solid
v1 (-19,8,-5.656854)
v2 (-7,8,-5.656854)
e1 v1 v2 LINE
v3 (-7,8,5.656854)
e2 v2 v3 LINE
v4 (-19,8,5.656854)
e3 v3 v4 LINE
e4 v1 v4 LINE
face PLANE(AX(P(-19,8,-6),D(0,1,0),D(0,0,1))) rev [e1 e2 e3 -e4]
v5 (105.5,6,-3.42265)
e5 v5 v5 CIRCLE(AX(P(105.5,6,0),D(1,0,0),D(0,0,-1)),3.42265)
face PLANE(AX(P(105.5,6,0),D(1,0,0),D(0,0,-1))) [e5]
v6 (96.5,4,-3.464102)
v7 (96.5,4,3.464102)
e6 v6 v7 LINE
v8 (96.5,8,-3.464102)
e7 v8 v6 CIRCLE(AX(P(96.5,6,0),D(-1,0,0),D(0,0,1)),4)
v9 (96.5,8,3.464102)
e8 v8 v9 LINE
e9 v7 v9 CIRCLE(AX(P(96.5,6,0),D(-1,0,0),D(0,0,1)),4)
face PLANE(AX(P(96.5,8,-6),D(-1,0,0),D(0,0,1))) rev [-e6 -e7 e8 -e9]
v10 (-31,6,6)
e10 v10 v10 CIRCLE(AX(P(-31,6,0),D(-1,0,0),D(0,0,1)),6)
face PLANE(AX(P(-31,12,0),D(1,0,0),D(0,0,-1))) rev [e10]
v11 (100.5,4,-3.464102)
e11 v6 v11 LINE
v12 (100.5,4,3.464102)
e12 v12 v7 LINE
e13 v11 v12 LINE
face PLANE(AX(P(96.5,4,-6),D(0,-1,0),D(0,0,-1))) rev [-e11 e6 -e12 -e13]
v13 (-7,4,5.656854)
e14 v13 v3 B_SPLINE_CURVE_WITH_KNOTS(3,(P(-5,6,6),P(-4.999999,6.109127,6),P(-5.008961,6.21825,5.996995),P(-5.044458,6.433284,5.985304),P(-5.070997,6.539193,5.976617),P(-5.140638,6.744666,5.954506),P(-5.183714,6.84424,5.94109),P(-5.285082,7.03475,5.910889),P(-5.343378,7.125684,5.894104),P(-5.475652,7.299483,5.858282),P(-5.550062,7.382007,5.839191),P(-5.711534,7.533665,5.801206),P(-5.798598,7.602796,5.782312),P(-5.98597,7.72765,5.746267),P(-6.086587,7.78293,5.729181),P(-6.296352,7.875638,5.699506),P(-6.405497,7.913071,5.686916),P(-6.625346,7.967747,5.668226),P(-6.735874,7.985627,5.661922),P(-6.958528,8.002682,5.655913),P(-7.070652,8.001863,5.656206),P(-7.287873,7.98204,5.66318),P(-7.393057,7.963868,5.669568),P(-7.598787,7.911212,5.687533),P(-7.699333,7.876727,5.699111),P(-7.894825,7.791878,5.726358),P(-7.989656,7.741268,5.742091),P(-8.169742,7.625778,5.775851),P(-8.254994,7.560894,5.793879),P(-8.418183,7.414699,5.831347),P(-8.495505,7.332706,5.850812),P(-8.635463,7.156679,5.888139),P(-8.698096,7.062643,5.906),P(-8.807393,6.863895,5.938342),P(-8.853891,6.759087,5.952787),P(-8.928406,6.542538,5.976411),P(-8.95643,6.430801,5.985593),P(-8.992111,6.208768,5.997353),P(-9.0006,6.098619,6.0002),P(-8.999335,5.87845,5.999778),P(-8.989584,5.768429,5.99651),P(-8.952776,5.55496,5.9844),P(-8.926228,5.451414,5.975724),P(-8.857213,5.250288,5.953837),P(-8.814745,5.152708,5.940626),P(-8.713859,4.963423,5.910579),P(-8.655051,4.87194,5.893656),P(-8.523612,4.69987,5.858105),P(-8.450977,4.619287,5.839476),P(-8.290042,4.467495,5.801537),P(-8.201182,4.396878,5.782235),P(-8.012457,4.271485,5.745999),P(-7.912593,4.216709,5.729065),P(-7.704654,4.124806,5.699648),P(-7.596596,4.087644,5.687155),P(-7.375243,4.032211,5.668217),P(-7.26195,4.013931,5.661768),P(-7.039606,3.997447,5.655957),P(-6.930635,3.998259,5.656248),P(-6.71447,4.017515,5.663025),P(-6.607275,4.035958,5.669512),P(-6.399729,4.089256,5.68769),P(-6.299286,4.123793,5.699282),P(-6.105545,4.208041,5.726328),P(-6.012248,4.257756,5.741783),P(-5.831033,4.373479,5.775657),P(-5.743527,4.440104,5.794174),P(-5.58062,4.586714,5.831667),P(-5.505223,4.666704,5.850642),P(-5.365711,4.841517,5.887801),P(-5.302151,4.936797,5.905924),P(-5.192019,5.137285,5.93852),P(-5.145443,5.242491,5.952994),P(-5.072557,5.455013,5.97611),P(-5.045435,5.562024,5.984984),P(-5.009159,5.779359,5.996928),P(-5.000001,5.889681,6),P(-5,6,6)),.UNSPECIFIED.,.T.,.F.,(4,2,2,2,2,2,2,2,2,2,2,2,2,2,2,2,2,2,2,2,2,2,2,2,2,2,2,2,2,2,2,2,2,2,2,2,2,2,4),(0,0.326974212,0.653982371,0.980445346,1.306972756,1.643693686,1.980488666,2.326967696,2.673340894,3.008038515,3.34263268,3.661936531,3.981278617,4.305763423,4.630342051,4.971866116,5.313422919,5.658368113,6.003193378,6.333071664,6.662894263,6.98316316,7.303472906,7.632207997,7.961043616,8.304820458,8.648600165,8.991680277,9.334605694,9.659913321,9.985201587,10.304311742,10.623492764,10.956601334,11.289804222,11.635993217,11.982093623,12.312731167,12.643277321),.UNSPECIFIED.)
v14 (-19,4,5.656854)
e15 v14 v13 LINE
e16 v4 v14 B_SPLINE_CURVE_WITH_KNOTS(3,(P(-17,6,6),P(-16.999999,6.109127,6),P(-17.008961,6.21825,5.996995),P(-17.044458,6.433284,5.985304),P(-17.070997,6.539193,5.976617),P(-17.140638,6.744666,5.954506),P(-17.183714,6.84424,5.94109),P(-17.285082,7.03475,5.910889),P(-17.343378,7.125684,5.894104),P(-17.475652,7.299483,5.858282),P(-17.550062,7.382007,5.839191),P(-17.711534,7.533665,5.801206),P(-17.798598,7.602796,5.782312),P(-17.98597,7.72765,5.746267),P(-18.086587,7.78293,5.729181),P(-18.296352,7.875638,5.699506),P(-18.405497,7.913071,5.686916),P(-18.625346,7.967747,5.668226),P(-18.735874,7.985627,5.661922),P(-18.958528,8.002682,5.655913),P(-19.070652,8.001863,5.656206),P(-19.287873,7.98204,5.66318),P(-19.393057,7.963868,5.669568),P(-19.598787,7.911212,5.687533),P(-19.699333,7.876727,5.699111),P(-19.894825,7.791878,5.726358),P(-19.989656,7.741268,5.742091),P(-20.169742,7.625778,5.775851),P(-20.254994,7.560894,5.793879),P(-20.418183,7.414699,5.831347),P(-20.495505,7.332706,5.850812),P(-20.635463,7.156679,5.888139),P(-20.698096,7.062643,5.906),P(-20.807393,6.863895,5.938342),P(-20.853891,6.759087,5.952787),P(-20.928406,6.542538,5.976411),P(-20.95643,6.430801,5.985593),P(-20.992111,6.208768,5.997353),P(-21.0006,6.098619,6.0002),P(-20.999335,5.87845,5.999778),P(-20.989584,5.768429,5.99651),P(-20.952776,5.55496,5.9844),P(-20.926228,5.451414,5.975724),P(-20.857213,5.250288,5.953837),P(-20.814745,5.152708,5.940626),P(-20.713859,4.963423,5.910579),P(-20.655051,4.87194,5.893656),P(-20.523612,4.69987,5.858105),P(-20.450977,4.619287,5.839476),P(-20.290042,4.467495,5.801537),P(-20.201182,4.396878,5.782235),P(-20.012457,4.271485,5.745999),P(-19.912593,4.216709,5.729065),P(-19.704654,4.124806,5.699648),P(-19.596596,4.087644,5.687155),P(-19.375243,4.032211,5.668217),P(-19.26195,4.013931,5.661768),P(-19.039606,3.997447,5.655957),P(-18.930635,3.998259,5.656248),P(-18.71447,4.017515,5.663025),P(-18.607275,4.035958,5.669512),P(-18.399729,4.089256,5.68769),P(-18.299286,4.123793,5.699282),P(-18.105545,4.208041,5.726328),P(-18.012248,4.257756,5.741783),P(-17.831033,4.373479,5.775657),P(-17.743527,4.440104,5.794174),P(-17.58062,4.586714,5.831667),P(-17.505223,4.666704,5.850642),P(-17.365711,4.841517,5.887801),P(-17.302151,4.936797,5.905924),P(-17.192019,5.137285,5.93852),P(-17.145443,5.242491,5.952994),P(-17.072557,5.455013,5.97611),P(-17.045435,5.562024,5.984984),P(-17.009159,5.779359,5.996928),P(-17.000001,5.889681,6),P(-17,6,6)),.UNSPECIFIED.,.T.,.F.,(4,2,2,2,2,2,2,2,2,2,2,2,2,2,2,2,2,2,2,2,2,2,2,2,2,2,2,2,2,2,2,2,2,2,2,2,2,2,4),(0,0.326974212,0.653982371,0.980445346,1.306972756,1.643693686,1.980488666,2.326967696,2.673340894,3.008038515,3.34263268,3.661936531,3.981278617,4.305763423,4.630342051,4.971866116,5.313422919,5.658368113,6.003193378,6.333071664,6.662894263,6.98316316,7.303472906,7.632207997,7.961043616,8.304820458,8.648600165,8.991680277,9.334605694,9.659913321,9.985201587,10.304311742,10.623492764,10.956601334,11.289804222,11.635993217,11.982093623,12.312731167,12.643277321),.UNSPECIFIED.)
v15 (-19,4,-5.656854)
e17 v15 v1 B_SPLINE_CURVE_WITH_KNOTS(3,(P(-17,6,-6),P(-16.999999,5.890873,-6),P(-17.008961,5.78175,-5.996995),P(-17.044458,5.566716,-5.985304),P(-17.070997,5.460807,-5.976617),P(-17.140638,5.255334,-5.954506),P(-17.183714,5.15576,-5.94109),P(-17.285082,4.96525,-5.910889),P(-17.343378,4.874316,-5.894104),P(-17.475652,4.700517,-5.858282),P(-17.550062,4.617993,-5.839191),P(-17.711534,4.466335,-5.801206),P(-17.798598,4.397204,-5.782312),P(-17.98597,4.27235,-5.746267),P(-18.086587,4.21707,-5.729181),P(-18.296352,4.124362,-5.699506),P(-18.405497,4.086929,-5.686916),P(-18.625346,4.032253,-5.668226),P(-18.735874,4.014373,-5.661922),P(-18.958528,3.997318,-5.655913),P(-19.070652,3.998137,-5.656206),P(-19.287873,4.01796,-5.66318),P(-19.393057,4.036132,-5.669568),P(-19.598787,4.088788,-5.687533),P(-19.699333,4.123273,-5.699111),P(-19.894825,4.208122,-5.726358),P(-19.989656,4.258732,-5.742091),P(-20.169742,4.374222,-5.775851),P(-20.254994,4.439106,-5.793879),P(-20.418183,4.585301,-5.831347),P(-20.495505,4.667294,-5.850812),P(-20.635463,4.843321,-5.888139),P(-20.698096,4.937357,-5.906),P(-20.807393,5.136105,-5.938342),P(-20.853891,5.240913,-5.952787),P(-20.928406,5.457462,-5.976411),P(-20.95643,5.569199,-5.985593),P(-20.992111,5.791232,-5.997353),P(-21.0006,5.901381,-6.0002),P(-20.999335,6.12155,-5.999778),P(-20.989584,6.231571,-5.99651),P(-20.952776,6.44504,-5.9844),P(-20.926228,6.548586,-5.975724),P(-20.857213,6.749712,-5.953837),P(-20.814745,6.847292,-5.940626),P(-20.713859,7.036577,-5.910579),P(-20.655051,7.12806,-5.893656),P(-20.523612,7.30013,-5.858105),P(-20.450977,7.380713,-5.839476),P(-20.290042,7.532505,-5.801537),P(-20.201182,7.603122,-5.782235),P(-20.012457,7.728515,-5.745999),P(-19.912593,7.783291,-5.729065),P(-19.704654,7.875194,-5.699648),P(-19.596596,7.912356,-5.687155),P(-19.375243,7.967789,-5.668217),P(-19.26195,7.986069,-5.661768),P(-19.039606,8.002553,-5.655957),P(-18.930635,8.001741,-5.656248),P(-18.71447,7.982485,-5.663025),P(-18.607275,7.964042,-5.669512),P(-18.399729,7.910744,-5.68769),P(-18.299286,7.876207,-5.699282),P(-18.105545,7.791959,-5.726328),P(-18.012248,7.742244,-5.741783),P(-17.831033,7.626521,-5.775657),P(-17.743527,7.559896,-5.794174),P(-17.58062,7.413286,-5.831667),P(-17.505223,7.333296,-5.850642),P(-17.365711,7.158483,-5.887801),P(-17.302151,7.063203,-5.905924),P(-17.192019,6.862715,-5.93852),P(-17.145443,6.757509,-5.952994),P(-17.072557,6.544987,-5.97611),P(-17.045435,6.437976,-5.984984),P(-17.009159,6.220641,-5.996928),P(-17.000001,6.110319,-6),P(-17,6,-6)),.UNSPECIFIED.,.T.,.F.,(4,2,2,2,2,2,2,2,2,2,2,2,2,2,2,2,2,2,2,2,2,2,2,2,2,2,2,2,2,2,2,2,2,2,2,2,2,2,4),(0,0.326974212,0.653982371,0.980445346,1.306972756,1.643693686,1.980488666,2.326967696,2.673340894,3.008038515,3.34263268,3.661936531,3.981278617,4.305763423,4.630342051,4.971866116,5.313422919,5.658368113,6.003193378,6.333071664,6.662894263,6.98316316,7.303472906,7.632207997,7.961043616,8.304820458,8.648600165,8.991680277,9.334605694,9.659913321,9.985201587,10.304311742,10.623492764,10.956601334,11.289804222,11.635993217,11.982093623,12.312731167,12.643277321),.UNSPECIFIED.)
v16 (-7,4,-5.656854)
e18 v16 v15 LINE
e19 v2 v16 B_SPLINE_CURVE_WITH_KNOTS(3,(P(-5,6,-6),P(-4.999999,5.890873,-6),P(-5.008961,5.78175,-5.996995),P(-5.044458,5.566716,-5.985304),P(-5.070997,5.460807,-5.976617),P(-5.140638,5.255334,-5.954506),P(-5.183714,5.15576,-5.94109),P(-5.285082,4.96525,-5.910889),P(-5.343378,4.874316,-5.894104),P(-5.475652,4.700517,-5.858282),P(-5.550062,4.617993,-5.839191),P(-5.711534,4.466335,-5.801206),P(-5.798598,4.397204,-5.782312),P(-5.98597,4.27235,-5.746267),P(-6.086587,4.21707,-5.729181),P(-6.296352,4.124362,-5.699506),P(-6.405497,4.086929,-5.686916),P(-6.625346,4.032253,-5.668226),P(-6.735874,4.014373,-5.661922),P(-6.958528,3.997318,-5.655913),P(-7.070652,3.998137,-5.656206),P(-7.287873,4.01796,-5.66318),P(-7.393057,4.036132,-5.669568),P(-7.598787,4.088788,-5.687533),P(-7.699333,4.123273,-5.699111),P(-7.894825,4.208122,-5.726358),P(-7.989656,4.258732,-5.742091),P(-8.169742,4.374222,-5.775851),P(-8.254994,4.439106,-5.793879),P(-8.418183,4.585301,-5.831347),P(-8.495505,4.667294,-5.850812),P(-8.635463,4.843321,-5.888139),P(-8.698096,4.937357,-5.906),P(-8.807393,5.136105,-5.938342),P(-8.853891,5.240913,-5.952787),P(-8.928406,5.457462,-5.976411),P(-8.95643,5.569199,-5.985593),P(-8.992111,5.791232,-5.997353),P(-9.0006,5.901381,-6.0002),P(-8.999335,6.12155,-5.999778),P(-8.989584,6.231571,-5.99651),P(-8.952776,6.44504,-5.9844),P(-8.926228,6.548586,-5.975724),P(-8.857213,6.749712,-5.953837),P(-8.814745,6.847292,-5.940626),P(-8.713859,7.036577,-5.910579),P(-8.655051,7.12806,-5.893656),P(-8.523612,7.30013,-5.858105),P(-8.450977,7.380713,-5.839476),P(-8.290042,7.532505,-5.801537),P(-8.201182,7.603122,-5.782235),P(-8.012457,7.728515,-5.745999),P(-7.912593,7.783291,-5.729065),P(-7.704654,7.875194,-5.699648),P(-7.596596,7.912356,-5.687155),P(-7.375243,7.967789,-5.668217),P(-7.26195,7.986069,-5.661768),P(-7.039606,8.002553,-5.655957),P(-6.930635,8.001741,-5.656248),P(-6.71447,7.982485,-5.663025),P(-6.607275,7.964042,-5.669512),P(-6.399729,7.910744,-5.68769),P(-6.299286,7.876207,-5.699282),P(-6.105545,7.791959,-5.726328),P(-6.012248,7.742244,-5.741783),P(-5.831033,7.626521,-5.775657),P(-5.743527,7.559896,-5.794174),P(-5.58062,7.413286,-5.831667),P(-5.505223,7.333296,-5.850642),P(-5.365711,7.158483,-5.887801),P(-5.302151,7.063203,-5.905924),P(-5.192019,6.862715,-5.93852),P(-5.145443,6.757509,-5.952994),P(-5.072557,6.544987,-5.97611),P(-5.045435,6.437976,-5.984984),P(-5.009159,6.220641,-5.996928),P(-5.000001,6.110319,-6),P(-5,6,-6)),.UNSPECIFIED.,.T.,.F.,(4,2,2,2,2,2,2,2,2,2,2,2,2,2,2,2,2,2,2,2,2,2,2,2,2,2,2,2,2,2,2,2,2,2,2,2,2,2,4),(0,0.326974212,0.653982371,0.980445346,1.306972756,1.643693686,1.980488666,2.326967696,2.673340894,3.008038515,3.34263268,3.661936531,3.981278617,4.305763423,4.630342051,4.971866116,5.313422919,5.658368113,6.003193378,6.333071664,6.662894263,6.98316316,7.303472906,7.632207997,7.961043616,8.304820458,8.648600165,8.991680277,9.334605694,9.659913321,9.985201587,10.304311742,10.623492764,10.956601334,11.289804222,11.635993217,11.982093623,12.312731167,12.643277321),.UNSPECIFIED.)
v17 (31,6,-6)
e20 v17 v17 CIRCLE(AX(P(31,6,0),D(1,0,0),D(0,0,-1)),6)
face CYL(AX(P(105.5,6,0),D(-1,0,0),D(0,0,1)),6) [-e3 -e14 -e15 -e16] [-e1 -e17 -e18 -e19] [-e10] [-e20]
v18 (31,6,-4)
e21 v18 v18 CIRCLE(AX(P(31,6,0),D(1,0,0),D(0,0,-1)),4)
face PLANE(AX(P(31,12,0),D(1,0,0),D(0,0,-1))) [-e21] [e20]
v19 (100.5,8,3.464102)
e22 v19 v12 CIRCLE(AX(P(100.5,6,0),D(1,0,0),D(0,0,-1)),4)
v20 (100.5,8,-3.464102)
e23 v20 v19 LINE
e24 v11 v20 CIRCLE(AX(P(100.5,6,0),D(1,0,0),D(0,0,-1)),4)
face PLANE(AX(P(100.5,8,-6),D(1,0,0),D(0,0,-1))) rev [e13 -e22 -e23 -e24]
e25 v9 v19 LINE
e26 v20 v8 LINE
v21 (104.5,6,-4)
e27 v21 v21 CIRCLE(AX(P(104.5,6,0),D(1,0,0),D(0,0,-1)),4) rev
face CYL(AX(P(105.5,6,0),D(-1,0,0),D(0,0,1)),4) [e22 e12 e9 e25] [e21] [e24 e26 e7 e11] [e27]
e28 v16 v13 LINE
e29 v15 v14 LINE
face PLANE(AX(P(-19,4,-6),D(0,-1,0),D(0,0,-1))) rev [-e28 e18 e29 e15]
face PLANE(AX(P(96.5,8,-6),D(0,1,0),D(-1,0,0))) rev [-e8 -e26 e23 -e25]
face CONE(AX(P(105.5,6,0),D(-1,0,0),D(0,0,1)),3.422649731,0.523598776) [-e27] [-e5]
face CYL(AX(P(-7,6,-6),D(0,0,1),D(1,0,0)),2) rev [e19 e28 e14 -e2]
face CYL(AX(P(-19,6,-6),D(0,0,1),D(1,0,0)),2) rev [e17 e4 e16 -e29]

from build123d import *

# Parameters (mm, degrees)
SKETCH1_W               = 62
SKETCH1_H               = 21.285714286
BOSS_EXTRUDE1_DEPTH     = 12
SKETCH3_R               = 4
BOSS_EXTRUDE2_DEPTH     = 74.5
SKETCH4_OUTSIDE_W       = 51.02
SKETCH4_OUTSIDE_H       = 41.734
SKETCH4_OUTSIDE_R       = 6
CUT_EXTRUDE2_DEPTH      = 137.5
SKETCH5_W               = 4
SKETCH5_H               = 4
CUT_EXTRUDE3_DEPTH      = 7
CUT_EXTRUDE3_DEPTH_BACK = 7
CHAMFER1_SIZE           = 1
CHAMFER1_SIZE2          = 0.577350269


with BuildPart() as part:
    # Sketch1 → Boss-Extrude1 (new body)
    with BuildSketch(Plane(origin=(0, 0, 0), x_dir=(1, 0, 0), z_dir=(0, 1, 0))):
        Rectangle(SKETCH1_W, SKETCH1_H)
    extrude(amount=BOSS_EXTRUDE1_DEPTH)

    # Sketch3 → Boss-Extrude2 (add)
    with BuildSketch(Plane(origin=(31, 0, 0), x_dir=(0, 0, -1), z_dir=(1, 0, 0))):
        with Locations((0, 6)):
            Circle(SKETCH3_R)
    extrude(amount=BOSS_EXTRUDE2_DEPTH)

    # Sketch4 outside → Cut-Extrude2 (cut, through all)
    with BuildSketch(Plane.ZY.offset(31)):
        with Locations((0, 6)):
            Rectangle(SKETCH4_OUTSIDE_W, SKETCH4_OUTSIDE_H)
        with Locations((0, 6)):
            Circle(SKETCH4_OUTSIDE_R, mode=Mode.SUBTRACT)
    extrude(amount=-CUT_EXTRUDE2_DEPTH, mode=Mode.SUBTRACT)

    # Sketch5 → Cut-Extrude3 (cut, two sides)
    with BuildSketch(Plane.XY) as cut_extrude3_sk:
        with BuildLine():
            Line((-19, 8), (-7, 8))
            ThreePointArc((-7, 8), (-5, 6), (-7, 4))
            Line((-7, 4), (-19, 4))
            ThreePointArc((-19, 4), (-21, 6), (-19, 8))
        make_face()
        with Locations((98.5, 6)):
            Rectangle(SKETCH5_W, SKETCH5_H)
    extrude(amount=CUT_EXTRUDE3_DEPTH, mode=Mode.SUBTRACT)
    extrude(cut_extrude3_sk.sketch, amount=-CUT_EXTRUDE3_DEPTH_BACK, mode=Mode.SUBTRACT)

    # Chamfer1
    chamfer1_edges = [part.edges().sort_by_distance(p)[0] for p in [
        (105.5, 6, 4),
    ]]
    chamfer1_side = [part.faces().sort_by_distance(p)[0] for p in [
        (68.25, 6, 4),
    ]]
    chamfer(chamfer1_edges, length=CHAMFER1_SIZE, length2=CHAMFER1_SIZE2, reference=chamfer1_side[0])


solid = part.part
